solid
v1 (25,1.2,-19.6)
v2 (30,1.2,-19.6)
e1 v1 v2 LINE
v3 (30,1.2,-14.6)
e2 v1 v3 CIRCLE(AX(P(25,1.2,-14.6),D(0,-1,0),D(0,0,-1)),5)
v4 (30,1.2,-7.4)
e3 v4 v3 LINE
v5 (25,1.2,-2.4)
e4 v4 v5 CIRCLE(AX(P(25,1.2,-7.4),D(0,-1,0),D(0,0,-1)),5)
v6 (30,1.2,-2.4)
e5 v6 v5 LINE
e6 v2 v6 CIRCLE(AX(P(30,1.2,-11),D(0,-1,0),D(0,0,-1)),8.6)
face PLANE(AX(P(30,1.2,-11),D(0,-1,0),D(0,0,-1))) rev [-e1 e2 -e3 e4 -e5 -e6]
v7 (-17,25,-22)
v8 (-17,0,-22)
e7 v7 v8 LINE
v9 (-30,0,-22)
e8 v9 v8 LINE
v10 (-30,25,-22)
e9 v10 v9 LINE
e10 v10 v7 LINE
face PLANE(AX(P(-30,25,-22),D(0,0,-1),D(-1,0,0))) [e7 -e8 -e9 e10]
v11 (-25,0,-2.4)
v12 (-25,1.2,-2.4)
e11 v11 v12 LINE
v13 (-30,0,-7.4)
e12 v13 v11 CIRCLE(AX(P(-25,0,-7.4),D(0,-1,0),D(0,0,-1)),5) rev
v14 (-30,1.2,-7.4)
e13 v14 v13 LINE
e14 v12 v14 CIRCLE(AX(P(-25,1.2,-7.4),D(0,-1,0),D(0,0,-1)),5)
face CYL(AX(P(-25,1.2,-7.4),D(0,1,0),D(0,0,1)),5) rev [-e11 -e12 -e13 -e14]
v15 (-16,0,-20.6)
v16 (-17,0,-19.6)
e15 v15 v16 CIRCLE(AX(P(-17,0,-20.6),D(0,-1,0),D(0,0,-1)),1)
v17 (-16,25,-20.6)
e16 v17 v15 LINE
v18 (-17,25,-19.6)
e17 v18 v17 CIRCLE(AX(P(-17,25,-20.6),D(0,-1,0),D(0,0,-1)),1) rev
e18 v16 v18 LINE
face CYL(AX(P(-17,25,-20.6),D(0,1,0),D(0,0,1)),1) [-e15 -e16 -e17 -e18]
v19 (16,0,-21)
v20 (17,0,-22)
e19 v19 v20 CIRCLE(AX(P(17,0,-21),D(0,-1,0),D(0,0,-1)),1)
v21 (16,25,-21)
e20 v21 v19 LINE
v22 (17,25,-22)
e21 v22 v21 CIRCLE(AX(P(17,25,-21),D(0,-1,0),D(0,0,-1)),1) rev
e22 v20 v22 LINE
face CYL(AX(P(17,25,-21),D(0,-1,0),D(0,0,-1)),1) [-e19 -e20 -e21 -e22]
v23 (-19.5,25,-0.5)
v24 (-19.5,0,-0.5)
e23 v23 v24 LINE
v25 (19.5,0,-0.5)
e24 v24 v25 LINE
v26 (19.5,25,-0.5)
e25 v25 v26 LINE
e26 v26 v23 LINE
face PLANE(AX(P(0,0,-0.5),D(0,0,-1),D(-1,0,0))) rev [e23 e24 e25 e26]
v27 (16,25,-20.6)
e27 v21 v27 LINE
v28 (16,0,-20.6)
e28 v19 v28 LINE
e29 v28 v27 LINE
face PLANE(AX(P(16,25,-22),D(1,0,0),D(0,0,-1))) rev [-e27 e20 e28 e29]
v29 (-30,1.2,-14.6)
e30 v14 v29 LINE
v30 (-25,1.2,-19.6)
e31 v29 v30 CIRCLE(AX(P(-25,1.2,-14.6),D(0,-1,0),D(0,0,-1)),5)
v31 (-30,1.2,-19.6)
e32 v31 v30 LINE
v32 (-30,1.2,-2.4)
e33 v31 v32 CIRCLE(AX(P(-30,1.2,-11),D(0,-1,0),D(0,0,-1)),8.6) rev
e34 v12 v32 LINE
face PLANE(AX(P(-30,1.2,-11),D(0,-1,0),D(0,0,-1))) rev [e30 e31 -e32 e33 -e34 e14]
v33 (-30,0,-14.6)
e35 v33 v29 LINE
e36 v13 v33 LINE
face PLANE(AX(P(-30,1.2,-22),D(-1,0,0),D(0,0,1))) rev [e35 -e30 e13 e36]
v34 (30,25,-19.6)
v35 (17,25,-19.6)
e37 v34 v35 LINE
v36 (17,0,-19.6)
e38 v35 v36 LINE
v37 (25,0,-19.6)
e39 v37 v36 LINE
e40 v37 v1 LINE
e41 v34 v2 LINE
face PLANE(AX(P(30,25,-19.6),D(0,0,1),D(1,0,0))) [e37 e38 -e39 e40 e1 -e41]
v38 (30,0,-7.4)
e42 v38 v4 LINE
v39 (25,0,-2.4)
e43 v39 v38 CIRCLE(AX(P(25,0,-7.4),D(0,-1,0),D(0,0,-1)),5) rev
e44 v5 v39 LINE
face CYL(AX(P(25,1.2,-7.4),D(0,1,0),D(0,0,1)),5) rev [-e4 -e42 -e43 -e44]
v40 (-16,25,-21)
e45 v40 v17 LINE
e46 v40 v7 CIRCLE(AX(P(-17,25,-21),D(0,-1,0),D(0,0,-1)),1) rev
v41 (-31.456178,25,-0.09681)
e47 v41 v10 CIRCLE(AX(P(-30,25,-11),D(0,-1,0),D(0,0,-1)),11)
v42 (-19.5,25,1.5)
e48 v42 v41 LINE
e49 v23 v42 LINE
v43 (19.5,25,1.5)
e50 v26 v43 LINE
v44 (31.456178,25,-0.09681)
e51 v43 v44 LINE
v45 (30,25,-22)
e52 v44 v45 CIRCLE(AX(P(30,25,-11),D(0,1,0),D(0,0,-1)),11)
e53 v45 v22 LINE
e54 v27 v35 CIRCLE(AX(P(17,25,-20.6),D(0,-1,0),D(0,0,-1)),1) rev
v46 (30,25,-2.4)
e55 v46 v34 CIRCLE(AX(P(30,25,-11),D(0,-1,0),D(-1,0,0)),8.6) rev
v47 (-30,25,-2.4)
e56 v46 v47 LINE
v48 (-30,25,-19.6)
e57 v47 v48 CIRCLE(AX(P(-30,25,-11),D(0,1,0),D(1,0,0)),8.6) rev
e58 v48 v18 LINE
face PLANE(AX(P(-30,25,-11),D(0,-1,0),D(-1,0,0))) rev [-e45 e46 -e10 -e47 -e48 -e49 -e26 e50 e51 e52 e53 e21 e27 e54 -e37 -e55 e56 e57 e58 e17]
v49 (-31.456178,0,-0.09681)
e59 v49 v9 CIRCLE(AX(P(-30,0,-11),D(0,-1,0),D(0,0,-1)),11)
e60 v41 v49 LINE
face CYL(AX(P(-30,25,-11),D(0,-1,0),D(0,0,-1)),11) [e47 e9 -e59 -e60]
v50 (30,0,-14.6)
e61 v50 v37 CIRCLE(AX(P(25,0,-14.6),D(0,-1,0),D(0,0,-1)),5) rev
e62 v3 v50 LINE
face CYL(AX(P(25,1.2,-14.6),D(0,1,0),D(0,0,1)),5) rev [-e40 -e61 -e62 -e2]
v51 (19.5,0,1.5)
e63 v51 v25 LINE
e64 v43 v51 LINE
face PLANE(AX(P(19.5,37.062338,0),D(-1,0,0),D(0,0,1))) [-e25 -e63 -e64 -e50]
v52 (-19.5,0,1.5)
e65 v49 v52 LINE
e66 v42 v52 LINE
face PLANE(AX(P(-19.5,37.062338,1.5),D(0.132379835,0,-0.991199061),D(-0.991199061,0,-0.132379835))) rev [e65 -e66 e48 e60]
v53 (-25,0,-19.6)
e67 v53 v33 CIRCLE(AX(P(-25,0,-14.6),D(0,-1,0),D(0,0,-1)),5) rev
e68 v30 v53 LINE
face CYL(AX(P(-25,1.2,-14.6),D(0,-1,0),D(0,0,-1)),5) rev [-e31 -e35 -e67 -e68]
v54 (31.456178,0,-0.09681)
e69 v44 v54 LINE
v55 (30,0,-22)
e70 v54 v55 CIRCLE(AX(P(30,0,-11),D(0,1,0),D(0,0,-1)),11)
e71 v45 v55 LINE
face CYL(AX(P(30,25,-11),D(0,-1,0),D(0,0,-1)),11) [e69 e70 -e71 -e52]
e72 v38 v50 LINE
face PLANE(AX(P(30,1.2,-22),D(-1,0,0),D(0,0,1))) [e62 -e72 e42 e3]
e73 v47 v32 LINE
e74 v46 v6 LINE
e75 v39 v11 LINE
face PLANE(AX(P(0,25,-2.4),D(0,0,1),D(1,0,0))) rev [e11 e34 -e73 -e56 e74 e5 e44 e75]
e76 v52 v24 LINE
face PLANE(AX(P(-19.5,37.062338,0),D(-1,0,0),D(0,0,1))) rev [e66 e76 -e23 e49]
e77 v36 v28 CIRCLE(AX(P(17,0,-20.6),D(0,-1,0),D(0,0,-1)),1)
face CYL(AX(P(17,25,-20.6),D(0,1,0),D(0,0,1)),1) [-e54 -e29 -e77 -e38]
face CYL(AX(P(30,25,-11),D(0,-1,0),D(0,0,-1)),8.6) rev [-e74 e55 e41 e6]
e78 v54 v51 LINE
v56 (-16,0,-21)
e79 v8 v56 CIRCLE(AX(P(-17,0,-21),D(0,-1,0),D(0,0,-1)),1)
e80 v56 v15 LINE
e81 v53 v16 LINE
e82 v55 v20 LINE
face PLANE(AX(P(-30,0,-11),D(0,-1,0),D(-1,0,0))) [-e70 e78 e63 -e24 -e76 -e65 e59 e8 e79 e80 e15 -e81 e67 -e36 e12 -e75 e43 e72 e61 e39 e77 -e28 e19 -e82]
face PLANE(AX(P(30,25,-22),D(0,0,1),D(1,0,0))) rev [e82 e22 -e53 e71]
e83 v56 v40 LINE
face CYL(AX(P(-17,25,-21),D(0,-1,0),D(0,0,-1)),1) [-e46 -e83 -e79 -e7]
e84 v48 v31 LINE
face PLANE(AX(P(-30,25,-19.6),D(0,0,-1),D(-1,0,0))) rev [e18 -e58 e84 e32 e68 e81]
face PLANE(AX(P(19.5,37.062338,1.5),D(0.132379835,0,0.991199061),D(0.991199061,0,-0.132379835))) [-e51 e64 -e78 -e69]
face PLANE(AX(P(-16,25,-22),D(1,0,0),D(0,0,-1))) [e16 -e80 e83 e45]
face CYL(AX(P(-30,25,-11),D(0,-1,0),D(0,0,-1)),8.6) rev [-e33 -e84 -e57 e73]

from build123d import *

# Parameters (mm, degrees)
EXTRUDE_THIN1_DEPTH = 25
BOSS_EXTRUDE1_DEPTH = 1.2
BOSS_EXTRUDE2_DEPTH = 25
FILLET1_R           = 1
FILLET2_R           = 5
SKETCH6_W           = 39
SKETCH6_H           = 25
CUT_EXTRUDE1_DEPTH  = 0.5


with BuildPart() as part:
    # Sketch1 → Extrude-Thin1 (new body)
    with BuildSketch(Plane(origin=(0, 0, 0), x_dir=(1, 0, 0), z_dir=(0, 1, 0))):
        with BuildLine():
            Line((0, 0), (-30, 0))
            ThreePointArc((-30, 0), (-41, 11), (-30, 22))
            Line((-30, 22), (-16, 22))
            Line((-16, 22), (-16, 19.6))
            Line((-16, 19.6), (-30, 19.6))
            ThreePointArc((-30, 19.6), (-38.6, 11), (-30, 2.4))
            Line((-30, 2.4), (0, 2.4))
            Line((0, 2.4), (0, 0))
        make_face()
    extrude_thin1 = extrude(amount=EXTRUDE_THIN1_DEPTH)

    # Sketch2 → Boss-Extrude1 (add)
    with BuildSketch(Plane(origin=(0, 0, 0), x_dir=(1, 0, 0), z_dir=(0, 1, 0))):
        with BuildLine():
            Line((-30, 22), (-30, 0))
            ThreePointArc((-30, 0), (-41, 11), (-30, 22))
        make_face()
    boss_extrude1 = extrude(amount=BOSS_EXTRUDE1_DEPTH)

    # Sketch4 → Boss-Extrude2 (add)
    with BuildSketch(Plane(origin=(0, 0, 0), x_dir=(1, 0, 0), z_dir=(0, 1, 0))):
        Polygon((-19.5, 0), (-19.5, -1.5), (-31.456178185, 0.096810325), align=None)
    boss_extrude2 = extrude(amount=BOSS_EXTRUDE2_DEPTH)

    # Mirror1: Extrude-Thin1, Boss-Extrude1, Boss-Extrude2 across plane
    add(extrude_thin1.mirror(Plane(origin=(0, 25, -2.4), x_dir=(0, 0, 1), z_dir=(1, 0, 0))))
    add(boss_extrude1.mirror(Plane(origin=(0, 25, -2.4), x_dir=(0, 0, 1), z_dir=(1, 0, 0))))
    add(boss_extrude2.mirror(Plane(origin=(0, 25, -2.4), x_dir=(0, 0, 1), z_dir=(1, 0, 0))))

    # Fillet1
    fillet1_edges = [part.edges().sort_by_distance(p)[0] for p in [
        (-16, 12.5, -22),
        (-16, 12.5, -19.6),
        (16, 12.5, -19.6),
        (16, 12.5, -22),
    ]]
    fillet(fillet1_edges, radius=FILLET1_R)

    # Fillet2
    fillet2_edges = [part.edges().sort_by_distance(p)[0] for p in [
        (-30, 0.6, -19.6),
        (-30, 0.6, -2.4),
        (30, 0.6, -19.6),
        (30, 0.6, -2.4),
    ]]
    fillet(fillet2_edges, radius=FILLET2_R)

    # Sketch6 → Cut-Extrude1 (cut)
    with BuildSketch(Plane.XY):
        with Locations((0, 12.5)):
            Rectangle(SKETCH6_W, SKETCH6_H)
    extrude(amount=-CUT_EXTRUDE1_DEPTH, mode=Mode.SUBTRACT)


solid = part.part
